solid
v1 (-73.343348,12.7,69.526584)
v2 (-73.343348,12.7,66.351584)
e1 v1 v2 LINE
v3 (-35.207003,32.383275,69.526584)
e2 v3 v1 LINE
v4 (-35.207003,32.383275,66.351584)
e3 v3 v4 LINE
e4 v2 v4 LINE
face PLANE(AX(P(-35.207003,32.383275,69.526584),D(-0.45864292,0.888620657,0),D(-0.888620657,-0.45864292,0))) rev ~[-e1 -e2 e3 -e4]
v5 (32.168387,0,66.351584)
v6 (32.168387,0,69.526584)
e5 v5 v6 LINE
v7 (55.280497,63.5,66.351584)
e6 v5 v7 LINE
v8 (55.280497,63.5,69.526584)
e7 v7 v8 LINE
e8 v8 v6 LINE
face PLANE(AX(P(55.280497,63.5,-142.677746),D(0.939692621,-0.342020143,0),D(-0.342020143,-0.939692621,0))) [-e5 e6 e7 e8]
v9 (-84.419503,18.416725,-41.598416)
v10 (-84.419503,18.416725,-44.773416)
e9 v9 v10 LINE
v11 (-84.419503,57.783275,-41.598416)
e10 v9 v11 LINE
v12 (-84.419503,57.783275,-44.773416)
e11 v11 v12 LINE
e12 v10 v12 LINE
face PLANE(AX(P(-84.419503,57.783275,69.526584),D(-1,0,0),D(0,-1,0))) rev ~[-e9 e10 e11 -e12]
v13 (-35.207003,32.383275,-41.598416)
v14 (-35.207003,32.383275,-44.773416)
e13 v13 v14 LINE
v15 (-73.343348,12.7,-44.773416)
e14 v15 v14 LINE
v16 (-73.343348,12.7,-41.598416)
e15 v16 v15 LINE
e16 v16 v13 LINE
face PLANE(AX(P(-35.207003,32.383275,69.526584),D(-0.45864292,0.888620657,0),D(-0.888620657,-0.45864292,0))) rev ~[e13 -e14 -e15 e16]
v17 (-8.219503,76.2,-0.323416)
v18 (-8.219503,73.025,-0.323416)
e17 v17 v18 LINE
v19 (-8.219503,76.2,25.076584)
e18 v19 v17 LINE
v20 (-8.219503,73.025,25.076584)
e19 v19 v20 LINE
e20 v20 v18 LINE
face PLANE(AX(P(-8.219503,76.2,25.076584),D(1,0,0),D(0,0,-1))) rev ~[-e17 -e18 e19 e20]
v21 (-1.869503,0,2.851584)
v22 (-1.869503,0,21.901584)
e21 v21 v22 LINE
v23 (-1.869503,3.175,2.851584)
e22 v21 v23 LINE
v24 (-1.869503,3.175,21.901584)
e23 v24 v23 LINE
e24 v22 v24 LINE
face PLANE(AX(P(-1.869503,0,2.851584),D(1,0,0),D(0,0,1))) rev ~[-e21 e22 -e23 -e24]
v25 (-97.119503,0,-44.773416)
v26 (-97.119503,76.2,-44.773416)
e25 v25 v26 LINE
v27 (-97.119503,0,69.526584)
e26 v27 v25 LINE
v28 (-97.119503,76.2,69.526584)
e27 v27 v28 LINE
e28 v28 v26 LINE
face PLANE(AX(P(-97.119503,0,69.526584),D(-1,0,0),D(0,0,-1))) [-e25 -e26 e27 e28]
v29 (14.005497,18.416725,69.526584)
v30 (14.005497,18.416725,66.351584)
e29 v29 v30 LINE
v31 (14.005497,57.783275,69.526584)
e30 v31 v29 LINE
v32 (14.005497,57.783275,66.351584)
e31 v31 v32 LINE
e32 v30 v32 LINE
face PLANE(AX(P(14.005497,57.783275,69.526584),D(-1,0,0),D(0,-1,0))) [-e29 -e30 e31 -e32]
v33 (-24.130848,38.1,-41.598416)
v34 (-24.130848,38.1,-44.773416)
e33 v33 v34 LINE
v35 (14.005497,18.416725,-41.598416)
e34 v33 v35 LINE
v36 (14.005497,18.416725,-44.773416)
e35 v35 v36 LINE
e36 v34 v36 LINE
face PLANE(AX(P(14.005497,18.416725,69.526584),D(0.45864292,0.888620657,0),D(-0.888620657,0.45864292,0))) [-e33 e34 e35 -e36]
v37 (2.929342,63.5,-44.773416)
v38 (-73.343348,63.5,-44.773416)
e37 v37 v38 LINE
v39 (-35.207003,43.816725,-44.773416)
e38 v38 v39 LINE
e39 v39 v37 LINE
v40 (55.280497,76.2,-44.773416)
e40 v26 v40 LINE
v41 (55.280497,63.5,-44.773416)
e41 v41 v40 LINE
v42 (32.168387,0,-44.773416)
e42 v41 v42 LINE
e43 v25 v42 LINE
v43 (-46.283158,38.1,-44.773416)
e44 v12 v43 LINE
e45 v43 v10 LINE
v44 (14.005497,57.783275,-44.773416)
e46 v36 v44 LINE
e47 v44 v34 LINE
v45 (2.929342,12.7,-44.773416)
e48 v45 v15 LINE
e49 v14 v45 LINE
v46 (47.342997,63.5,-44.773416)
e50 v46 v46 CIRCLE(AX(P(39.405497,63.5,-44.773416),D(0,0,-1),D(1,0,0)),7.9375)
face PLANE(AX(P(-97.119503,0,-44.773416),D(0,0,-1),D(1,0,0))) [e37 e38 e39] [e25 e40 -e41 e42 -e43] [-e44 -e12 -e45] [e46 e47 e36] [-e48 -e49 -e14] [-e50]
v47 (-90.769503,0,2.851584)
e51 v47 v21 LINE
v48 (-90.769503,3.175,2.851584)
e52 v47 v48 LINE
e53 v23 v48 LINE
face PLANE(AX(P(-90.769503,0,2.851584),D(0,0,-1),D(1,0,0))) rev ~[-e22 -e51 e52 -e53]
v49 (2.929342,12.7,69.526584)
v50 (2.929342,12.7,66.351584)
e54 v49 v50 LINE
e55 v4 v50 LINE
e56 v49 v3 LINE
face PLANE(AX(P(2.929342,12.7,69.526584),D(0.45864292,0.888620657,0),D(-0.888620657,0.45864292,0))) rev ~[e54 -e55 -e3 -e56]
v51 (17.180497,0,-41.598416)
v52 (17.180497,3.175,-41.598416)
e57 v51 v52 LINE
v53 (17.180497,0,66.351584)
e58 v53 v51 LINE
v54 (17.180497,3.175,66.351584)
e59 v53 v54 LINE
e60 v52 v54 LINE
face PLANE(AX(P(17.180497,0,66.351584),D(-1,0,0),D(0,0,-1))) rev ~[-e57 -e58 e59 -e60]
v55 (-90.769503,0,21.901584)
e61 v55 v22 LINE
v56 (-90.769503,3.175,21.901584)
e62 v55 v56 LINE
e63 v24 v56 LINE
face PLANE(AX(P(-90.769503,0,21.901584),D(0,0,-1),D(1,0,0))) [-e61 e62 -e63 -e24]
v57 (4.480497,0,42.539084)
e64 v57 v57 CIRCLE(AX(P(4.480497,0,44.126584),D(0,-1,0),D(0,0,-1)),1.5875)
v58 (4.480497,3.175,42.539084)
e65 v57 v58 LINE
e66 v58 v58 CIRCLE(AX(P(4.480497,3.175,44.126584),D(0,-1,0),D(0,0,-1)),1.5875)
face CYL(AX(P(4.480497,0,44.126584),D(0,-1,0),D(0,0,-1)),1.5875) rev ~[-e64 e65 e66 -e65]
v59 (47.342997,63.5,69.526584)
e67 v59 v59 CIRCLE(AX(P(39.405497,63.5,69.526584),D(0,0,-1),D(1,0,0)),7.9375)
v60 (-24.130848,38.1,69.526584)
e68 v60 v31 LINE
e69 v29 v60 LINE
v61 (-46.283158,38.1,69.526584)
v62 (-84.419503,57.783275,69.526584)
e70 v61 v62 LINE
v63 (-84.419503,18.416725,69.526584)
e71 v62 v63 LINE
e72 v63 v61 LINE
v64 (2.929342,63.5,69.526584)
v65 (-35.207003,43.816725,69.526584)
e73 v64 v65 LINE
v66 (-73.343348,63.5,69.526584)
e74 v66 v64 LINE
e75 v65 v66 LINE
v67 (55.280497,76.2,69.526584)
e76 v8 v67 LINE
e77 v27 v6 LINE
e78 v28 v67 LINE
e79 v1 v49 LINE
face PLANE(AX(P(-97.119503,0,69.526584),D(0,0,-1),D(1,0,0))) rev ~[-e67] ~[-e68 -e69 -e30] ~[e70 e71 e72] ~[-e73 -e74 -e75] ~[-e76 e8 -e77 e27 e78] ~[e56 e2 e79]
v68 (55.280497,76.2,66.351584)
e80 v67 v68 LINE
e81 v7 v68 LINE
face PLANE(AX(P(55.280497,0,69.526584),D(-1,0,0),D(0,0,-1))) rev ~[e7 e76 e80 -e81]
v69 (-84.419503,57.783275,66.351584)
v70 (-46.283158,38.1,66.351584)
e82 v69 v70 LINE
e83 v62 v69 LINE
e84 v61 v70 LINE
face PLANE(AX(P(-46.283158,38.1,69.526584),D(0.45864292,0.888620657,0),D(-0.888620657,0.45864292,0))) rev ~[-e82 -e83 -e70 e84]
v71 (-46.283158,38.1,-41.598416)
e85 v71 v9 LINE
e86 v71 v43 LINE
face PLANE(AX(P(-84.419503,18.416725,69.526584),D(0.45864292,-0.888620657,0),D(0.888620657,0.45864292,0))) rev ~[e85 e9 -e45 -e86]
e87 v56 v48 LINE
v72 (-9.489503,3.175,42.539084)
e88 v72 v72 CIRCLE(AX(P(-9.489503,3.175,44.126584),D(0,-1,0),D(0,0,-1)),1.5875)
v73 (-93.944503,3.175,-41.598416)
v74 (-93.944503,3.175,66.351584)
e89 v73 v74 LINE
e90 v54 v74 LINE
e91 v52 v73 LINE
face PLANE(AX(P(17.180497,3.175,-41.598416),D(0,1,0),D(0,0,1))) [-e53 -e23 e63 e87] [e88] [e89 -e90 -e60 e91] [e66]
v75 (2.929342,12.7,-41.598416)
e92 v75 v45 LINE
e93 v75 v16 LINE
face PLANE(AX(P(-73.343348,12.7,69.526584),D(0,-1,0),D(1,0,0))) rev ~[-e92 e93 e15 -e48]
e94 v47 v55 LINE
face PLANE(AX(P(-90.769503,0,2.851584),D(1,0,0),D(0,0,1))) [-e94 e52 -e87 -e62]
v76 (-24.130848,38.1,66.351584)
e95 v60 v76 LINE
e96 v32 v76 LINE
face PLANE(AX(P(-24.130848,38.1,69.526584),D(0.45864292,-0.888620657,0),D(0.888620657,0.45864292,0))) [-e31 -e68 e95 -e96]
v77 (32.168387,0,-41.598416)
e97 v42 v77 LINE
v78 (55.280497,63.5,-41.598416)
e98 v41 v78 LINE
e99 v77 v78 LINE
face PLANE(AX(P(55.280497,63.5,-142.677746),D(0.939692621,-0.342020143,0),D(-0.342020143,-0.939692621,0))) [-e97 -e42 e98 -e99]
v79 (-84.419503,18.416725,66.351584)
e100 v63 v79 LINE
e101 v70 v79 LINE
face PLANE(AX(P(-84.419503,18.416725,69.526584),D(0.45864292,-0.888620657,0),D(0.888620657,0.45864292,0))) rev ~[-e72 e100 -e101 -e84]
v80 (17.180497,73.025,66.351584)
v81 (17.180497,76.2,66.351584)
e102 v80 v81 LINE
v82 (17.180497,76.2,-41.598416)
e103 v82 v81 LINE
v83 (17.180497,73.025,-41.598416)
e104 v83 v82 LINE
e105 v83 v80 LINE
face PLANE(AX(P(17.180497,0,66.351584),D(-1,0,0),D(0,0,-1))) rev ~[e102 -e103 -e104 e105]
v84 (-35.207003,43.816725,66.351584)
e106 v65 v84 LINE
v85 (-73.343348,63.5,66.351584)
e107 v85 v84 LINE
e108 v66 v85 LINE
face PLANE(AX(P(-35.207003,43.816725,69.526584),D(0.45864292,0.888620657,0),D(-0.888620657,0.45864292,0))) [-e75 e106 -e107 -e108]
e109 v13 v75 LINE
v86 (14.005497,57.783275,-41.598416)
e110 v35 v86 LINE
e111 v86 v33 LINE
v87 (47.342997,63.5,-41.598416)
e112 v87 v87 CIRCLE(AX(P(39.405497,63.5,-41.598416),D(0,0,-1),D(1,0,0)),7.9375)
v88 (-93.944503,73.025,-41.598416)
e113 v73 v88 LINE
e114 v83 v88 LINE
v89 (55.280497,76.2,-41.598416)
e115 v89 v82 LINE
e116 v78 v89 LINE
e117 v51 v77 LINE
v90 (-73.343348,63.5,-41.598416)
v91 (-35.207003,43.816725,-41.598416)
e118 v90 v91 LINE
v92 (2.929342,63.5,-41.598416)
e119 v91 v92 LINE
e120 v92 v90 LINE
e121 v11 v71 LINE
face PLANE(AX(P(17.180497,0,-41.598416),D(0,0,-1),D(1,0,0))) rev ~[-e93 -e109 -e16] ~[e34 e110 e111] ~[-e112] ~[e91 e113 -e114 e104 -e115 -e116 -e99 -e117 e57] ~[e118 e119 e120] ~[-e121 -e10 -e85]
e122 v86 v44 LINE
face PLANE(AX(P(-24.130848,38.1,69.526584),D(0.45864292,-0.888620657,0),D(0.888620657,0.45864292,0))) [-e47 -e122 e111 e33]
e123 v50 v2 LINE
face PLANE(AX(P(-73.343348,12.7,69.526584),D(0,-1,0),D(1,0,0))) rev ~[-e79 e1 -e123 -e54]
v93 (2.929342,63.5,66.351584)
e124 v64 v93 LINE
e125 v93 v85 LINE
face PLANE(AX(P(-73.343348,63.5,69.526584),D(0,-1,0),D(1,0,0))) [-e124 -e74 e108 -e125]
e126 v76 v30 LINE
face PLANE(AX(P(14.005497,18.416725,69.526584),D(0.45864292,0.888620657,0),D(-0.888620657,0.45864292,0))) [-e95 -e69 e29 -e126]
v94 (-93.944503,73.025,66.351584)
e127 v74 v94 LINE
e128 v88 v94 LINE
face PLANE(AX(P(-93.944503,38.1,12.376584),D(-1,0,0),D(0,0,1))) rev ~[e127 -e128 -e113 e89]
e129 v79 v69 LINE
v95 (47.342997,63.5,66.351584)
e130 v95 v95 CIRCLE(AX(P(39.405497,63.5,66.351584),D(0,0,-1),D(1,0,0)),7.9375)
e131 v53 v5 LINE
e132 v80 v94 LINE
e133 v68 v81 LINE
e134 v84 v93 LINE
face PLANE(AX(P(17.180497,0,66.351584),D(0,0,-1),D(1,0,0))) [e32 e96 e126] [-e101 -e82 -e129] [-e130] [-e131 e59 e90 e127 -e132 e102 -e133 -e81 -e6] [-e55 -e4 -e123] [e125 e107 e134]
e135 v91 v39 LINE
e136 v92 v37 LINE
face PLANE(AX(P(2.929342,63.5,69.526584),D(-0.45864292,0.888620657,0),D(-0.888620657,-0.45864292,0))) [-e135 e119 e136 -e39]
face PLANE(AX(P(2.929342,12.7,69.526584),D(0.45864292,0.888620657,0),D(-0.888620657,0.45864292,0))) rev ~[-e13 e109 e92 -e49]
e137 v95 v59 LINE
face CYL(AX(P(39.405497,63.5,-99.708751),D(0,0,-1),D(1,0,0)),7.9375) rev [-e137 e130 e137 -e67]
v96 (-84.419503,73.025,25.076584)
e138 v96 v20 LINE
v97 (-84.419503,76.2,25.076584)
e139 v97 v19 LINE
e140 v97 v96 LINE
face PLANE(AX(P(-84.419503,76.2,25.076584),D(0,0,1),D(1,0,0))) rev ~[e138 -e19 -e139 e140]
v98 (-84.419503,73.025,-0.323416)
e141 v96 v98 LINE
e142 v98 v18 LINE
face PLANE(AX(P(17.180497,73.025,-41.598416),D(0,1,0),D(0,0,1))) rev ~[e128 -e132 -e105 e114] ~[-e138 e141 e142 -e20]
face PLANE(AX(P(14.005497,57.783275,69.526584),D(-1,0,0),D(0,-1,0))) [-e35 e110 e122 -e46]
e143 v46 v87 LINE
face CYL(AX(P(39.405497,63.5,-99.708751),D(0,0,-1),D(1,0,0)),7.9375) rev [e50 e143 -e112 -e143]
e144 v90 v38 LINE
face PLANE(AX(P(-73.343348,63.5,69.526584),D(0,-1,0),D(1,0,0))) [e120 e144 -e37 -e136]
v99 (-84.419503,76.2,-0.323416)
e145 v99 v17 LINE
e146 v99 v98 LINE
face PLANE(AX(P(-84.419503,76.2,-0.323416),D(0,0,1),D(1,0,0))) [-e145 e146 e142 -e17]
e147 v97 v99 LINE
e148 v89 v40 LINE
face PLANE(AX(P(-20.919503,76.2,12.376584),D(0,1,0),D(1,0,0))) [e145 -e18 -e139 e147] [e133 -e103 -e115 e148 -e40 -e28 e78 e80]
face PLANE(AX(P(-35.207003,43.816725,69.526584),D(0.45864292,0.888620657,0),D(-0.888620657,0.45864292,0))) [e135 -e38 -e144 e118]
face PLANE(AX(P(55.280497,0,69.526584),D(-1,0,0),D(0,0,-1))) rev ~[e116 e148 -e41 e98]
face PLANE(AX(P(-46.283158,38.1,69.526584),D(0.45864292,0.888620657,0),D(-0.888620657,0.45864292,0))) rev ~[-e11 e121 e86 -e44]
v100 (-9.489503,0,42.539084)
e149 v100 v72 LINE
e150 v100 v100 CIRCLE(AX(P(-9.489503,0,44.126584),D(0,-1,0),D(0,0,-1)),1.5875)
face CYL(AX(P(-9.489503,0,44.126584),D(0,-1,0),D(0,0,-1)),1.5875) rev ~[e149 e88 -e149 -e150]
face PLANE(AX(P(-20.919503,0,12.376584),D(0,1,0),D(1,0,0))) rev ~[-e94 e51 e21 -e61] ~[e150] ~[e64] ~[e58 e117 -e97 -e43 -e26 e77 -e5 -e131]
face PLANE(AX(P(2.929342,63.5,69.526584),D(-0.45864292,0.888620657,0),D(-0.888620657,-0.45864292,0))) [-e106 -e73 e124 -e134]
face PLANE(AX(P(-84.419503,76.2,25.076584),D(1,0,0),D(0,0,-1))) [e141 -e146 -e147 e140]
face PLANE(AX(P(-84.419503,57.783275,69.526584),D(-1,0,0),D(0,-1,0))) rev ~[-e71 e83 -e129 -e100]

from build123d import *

# Parameters (mm, degrees)
SKETCH1_W               = 152.4
SKETCH1_H               = 114.3
BOSS_EXTRUDE1_DEPTH     = 76.2
CUT_EXTRUDE1_DEPTH      = 142.677746119
CUT_EXTRUDE1_DEPTH_BACK = 142.677746119
SKETCH5_W               = 38.1
SKETCH5_H               = 107.95
CUT_EXTRUDE4_DEPTH      = 142.677746119
CUT_EXTRUDE5_DEPTH      = 169.235334824
CUT_EXTRUDE5_DEPTH_BACK = 169.235334824
SKETCH6_R               = 7.9375
CUT_EXTRUDE6_START      = -114.3
SKETCH8_W               = 107.95
SKETCH8_H               = 69.85
CUT_EXTRUDE6_DEPTH      = 111.125
SKETCH9_R               = 1.5875
CUT_EXTRUDE7_DEPTH      = 3.175
SKETCH10_W              = 88.9
SKETCH10_H              = 19.05
CUT_EXTRUDE8_DEPTH      = 5.715
CUT_EXTRUDE9_DEPTH      = 169.235334824
SKETCH13_W              = 76.2
SKETCH13_H              = 25.4
CUT_EXTRUDE10_DEPTH     = 5.715


with BuildPart() as part:
    # Sketch1 → Boss-Extrude1 (new body)
    with BuildSketch(Plane(origin=(0, 0, 0), x_dir=(1, 0, 0), z_dir=(0, 1, 0))):
        with Locations((-20.919503106, -12.376583851)):
            Rectangle(SKETCH1_W, SKETCH1_H)
    extrude(amount=BOSS_EXTRUDE1_DEPTH)

    # Sketch3 → Cut-Extrude1 (cut, two sides: drawn at the far end of the back side and taken through both)
    with BuildSketch(Plane.XY.offset(-CUT_EXTRUDE1_DEPTH_BACK)):
        Polygon((55.280496894, 63.5), (32.168387019, 0), (55.280496894, 0), align=None)
    extrude(amount=CUT_EXTRUDE1_DEPTH + CUT_EXTRUDE1_DEPTH_BACK, mode=Mode.SUBTRACT)

    # Sketch5 → Cut-Extrude4 (cut, through all)
    with BuildSketch(Plane(origin=(0, 0, 0), x_dir=(1, 0, 0), z_dir=(0, 1, 0))):
        with Locations((36.230496894, -12.376583851)):
            Rectangle(SKETCH5_W, SKETCH5_H)
    extrude(amount=CUT_EXTRUDE4_DEPTH, mode=Mode.SUBTRACT)

    # Sketch6 → Cut-Extrude5 (cut, two sides: drawn at the far end of the back side and taken through both)
    with BuildSketch(Plane.XY.offset(69.526583851).offset(-CUT_EXTRUDE5_DEPTH_BACK)):
        with Locations((39.405496894, 63.5)):
            Circle(SKETCH6_R)
    extrude(amount=CUT_EXTRUDE5_DEPTH + CUT_EXTRUDE5_DEPTH_BACK, mode=Mode.SUBTRACT)

    # Sketch8 → Cut-Extrude6 (cut)
    with BuildSketch(Plane.ZY.offset(97.119503106).offset(CUT_EXTRUDE6_START)):
        with Locations((12.376583851, 38.1)):
            Rectangle(SKETCH8_W, SKETCH8_H)
    extrude(amount=CUT_EXTRUDE6_DEPTH, mode=Mode.SUBTRACT)

    # Sketch9 → Cut-Extrude7 (cut)
    with BuildSketch(Plane.XZ):
        with Locations(Location((4.480496894, 44.126583851, 0), (0, 0, 270))):
            Circle(SKETCH9_R)
        with Locations(Location((-9.489503106, 44.126583851, 0), (0, 0, 270))):
            Circle(SKETCH9_R)
    extrude(amount=-CUT_EXTRUDE7_DEPTH, mode=Mode.SUBTRACT)

    # Sketch10 → Cut-Extrude8 (cut)
    with BuildSketch(Plane.XZ):
        with Locations((-46.319503106, 12.376583851)):
            Rectangle(SKETCH10_W, SKETCH10_H)
    extrude(amount=-CUT_EXTRUDE8_DEPTH, mode=Mode.SUBTRACT)

    # Sketch12 → Cut-Extrude9 (cut, through all)
    with BuildSketch(Plane.XY.offset(69.526583851)):
        Polygon((-73.343348256, 63.5), (2.929342045, 63.5), (-35.207003106, 43.816725084), align=None)
        Polygon((-84.419503106, 57.783274916), (-84.419503106, 18.416725084), (-46.283157955, 38.1), align=None)
        Polygon((-73.343348256, 12.7), (2.929342045, 12.7), (-35.207003106, 32.383274916), align=None)
        Polygon((14.005496894, 57.783274916), (14.005496894, 18.416725084), (-24.130848256, 38.1), align=None)
    extrude(amount=-CUT_EXTRUDE9_DEPTH, mode=Mode.SUBTRACT)

    # Sketch13 → Cut-Extrude10 (cut)
    with BuildSketch(Plane(origin=(0, 76.2, 0), x_dir=(1, 0, 0), z_dir=(0, 1, 0))):
        with Locations((-46.319503106, -12.376583851)):
            Rectangle(SKETCH13_W, SKETCH13_H)
    extrude(amount=-CUT_EXTRUDE10_DEPTH, mode=Mode.SUBTRACT)


solid = part.part
